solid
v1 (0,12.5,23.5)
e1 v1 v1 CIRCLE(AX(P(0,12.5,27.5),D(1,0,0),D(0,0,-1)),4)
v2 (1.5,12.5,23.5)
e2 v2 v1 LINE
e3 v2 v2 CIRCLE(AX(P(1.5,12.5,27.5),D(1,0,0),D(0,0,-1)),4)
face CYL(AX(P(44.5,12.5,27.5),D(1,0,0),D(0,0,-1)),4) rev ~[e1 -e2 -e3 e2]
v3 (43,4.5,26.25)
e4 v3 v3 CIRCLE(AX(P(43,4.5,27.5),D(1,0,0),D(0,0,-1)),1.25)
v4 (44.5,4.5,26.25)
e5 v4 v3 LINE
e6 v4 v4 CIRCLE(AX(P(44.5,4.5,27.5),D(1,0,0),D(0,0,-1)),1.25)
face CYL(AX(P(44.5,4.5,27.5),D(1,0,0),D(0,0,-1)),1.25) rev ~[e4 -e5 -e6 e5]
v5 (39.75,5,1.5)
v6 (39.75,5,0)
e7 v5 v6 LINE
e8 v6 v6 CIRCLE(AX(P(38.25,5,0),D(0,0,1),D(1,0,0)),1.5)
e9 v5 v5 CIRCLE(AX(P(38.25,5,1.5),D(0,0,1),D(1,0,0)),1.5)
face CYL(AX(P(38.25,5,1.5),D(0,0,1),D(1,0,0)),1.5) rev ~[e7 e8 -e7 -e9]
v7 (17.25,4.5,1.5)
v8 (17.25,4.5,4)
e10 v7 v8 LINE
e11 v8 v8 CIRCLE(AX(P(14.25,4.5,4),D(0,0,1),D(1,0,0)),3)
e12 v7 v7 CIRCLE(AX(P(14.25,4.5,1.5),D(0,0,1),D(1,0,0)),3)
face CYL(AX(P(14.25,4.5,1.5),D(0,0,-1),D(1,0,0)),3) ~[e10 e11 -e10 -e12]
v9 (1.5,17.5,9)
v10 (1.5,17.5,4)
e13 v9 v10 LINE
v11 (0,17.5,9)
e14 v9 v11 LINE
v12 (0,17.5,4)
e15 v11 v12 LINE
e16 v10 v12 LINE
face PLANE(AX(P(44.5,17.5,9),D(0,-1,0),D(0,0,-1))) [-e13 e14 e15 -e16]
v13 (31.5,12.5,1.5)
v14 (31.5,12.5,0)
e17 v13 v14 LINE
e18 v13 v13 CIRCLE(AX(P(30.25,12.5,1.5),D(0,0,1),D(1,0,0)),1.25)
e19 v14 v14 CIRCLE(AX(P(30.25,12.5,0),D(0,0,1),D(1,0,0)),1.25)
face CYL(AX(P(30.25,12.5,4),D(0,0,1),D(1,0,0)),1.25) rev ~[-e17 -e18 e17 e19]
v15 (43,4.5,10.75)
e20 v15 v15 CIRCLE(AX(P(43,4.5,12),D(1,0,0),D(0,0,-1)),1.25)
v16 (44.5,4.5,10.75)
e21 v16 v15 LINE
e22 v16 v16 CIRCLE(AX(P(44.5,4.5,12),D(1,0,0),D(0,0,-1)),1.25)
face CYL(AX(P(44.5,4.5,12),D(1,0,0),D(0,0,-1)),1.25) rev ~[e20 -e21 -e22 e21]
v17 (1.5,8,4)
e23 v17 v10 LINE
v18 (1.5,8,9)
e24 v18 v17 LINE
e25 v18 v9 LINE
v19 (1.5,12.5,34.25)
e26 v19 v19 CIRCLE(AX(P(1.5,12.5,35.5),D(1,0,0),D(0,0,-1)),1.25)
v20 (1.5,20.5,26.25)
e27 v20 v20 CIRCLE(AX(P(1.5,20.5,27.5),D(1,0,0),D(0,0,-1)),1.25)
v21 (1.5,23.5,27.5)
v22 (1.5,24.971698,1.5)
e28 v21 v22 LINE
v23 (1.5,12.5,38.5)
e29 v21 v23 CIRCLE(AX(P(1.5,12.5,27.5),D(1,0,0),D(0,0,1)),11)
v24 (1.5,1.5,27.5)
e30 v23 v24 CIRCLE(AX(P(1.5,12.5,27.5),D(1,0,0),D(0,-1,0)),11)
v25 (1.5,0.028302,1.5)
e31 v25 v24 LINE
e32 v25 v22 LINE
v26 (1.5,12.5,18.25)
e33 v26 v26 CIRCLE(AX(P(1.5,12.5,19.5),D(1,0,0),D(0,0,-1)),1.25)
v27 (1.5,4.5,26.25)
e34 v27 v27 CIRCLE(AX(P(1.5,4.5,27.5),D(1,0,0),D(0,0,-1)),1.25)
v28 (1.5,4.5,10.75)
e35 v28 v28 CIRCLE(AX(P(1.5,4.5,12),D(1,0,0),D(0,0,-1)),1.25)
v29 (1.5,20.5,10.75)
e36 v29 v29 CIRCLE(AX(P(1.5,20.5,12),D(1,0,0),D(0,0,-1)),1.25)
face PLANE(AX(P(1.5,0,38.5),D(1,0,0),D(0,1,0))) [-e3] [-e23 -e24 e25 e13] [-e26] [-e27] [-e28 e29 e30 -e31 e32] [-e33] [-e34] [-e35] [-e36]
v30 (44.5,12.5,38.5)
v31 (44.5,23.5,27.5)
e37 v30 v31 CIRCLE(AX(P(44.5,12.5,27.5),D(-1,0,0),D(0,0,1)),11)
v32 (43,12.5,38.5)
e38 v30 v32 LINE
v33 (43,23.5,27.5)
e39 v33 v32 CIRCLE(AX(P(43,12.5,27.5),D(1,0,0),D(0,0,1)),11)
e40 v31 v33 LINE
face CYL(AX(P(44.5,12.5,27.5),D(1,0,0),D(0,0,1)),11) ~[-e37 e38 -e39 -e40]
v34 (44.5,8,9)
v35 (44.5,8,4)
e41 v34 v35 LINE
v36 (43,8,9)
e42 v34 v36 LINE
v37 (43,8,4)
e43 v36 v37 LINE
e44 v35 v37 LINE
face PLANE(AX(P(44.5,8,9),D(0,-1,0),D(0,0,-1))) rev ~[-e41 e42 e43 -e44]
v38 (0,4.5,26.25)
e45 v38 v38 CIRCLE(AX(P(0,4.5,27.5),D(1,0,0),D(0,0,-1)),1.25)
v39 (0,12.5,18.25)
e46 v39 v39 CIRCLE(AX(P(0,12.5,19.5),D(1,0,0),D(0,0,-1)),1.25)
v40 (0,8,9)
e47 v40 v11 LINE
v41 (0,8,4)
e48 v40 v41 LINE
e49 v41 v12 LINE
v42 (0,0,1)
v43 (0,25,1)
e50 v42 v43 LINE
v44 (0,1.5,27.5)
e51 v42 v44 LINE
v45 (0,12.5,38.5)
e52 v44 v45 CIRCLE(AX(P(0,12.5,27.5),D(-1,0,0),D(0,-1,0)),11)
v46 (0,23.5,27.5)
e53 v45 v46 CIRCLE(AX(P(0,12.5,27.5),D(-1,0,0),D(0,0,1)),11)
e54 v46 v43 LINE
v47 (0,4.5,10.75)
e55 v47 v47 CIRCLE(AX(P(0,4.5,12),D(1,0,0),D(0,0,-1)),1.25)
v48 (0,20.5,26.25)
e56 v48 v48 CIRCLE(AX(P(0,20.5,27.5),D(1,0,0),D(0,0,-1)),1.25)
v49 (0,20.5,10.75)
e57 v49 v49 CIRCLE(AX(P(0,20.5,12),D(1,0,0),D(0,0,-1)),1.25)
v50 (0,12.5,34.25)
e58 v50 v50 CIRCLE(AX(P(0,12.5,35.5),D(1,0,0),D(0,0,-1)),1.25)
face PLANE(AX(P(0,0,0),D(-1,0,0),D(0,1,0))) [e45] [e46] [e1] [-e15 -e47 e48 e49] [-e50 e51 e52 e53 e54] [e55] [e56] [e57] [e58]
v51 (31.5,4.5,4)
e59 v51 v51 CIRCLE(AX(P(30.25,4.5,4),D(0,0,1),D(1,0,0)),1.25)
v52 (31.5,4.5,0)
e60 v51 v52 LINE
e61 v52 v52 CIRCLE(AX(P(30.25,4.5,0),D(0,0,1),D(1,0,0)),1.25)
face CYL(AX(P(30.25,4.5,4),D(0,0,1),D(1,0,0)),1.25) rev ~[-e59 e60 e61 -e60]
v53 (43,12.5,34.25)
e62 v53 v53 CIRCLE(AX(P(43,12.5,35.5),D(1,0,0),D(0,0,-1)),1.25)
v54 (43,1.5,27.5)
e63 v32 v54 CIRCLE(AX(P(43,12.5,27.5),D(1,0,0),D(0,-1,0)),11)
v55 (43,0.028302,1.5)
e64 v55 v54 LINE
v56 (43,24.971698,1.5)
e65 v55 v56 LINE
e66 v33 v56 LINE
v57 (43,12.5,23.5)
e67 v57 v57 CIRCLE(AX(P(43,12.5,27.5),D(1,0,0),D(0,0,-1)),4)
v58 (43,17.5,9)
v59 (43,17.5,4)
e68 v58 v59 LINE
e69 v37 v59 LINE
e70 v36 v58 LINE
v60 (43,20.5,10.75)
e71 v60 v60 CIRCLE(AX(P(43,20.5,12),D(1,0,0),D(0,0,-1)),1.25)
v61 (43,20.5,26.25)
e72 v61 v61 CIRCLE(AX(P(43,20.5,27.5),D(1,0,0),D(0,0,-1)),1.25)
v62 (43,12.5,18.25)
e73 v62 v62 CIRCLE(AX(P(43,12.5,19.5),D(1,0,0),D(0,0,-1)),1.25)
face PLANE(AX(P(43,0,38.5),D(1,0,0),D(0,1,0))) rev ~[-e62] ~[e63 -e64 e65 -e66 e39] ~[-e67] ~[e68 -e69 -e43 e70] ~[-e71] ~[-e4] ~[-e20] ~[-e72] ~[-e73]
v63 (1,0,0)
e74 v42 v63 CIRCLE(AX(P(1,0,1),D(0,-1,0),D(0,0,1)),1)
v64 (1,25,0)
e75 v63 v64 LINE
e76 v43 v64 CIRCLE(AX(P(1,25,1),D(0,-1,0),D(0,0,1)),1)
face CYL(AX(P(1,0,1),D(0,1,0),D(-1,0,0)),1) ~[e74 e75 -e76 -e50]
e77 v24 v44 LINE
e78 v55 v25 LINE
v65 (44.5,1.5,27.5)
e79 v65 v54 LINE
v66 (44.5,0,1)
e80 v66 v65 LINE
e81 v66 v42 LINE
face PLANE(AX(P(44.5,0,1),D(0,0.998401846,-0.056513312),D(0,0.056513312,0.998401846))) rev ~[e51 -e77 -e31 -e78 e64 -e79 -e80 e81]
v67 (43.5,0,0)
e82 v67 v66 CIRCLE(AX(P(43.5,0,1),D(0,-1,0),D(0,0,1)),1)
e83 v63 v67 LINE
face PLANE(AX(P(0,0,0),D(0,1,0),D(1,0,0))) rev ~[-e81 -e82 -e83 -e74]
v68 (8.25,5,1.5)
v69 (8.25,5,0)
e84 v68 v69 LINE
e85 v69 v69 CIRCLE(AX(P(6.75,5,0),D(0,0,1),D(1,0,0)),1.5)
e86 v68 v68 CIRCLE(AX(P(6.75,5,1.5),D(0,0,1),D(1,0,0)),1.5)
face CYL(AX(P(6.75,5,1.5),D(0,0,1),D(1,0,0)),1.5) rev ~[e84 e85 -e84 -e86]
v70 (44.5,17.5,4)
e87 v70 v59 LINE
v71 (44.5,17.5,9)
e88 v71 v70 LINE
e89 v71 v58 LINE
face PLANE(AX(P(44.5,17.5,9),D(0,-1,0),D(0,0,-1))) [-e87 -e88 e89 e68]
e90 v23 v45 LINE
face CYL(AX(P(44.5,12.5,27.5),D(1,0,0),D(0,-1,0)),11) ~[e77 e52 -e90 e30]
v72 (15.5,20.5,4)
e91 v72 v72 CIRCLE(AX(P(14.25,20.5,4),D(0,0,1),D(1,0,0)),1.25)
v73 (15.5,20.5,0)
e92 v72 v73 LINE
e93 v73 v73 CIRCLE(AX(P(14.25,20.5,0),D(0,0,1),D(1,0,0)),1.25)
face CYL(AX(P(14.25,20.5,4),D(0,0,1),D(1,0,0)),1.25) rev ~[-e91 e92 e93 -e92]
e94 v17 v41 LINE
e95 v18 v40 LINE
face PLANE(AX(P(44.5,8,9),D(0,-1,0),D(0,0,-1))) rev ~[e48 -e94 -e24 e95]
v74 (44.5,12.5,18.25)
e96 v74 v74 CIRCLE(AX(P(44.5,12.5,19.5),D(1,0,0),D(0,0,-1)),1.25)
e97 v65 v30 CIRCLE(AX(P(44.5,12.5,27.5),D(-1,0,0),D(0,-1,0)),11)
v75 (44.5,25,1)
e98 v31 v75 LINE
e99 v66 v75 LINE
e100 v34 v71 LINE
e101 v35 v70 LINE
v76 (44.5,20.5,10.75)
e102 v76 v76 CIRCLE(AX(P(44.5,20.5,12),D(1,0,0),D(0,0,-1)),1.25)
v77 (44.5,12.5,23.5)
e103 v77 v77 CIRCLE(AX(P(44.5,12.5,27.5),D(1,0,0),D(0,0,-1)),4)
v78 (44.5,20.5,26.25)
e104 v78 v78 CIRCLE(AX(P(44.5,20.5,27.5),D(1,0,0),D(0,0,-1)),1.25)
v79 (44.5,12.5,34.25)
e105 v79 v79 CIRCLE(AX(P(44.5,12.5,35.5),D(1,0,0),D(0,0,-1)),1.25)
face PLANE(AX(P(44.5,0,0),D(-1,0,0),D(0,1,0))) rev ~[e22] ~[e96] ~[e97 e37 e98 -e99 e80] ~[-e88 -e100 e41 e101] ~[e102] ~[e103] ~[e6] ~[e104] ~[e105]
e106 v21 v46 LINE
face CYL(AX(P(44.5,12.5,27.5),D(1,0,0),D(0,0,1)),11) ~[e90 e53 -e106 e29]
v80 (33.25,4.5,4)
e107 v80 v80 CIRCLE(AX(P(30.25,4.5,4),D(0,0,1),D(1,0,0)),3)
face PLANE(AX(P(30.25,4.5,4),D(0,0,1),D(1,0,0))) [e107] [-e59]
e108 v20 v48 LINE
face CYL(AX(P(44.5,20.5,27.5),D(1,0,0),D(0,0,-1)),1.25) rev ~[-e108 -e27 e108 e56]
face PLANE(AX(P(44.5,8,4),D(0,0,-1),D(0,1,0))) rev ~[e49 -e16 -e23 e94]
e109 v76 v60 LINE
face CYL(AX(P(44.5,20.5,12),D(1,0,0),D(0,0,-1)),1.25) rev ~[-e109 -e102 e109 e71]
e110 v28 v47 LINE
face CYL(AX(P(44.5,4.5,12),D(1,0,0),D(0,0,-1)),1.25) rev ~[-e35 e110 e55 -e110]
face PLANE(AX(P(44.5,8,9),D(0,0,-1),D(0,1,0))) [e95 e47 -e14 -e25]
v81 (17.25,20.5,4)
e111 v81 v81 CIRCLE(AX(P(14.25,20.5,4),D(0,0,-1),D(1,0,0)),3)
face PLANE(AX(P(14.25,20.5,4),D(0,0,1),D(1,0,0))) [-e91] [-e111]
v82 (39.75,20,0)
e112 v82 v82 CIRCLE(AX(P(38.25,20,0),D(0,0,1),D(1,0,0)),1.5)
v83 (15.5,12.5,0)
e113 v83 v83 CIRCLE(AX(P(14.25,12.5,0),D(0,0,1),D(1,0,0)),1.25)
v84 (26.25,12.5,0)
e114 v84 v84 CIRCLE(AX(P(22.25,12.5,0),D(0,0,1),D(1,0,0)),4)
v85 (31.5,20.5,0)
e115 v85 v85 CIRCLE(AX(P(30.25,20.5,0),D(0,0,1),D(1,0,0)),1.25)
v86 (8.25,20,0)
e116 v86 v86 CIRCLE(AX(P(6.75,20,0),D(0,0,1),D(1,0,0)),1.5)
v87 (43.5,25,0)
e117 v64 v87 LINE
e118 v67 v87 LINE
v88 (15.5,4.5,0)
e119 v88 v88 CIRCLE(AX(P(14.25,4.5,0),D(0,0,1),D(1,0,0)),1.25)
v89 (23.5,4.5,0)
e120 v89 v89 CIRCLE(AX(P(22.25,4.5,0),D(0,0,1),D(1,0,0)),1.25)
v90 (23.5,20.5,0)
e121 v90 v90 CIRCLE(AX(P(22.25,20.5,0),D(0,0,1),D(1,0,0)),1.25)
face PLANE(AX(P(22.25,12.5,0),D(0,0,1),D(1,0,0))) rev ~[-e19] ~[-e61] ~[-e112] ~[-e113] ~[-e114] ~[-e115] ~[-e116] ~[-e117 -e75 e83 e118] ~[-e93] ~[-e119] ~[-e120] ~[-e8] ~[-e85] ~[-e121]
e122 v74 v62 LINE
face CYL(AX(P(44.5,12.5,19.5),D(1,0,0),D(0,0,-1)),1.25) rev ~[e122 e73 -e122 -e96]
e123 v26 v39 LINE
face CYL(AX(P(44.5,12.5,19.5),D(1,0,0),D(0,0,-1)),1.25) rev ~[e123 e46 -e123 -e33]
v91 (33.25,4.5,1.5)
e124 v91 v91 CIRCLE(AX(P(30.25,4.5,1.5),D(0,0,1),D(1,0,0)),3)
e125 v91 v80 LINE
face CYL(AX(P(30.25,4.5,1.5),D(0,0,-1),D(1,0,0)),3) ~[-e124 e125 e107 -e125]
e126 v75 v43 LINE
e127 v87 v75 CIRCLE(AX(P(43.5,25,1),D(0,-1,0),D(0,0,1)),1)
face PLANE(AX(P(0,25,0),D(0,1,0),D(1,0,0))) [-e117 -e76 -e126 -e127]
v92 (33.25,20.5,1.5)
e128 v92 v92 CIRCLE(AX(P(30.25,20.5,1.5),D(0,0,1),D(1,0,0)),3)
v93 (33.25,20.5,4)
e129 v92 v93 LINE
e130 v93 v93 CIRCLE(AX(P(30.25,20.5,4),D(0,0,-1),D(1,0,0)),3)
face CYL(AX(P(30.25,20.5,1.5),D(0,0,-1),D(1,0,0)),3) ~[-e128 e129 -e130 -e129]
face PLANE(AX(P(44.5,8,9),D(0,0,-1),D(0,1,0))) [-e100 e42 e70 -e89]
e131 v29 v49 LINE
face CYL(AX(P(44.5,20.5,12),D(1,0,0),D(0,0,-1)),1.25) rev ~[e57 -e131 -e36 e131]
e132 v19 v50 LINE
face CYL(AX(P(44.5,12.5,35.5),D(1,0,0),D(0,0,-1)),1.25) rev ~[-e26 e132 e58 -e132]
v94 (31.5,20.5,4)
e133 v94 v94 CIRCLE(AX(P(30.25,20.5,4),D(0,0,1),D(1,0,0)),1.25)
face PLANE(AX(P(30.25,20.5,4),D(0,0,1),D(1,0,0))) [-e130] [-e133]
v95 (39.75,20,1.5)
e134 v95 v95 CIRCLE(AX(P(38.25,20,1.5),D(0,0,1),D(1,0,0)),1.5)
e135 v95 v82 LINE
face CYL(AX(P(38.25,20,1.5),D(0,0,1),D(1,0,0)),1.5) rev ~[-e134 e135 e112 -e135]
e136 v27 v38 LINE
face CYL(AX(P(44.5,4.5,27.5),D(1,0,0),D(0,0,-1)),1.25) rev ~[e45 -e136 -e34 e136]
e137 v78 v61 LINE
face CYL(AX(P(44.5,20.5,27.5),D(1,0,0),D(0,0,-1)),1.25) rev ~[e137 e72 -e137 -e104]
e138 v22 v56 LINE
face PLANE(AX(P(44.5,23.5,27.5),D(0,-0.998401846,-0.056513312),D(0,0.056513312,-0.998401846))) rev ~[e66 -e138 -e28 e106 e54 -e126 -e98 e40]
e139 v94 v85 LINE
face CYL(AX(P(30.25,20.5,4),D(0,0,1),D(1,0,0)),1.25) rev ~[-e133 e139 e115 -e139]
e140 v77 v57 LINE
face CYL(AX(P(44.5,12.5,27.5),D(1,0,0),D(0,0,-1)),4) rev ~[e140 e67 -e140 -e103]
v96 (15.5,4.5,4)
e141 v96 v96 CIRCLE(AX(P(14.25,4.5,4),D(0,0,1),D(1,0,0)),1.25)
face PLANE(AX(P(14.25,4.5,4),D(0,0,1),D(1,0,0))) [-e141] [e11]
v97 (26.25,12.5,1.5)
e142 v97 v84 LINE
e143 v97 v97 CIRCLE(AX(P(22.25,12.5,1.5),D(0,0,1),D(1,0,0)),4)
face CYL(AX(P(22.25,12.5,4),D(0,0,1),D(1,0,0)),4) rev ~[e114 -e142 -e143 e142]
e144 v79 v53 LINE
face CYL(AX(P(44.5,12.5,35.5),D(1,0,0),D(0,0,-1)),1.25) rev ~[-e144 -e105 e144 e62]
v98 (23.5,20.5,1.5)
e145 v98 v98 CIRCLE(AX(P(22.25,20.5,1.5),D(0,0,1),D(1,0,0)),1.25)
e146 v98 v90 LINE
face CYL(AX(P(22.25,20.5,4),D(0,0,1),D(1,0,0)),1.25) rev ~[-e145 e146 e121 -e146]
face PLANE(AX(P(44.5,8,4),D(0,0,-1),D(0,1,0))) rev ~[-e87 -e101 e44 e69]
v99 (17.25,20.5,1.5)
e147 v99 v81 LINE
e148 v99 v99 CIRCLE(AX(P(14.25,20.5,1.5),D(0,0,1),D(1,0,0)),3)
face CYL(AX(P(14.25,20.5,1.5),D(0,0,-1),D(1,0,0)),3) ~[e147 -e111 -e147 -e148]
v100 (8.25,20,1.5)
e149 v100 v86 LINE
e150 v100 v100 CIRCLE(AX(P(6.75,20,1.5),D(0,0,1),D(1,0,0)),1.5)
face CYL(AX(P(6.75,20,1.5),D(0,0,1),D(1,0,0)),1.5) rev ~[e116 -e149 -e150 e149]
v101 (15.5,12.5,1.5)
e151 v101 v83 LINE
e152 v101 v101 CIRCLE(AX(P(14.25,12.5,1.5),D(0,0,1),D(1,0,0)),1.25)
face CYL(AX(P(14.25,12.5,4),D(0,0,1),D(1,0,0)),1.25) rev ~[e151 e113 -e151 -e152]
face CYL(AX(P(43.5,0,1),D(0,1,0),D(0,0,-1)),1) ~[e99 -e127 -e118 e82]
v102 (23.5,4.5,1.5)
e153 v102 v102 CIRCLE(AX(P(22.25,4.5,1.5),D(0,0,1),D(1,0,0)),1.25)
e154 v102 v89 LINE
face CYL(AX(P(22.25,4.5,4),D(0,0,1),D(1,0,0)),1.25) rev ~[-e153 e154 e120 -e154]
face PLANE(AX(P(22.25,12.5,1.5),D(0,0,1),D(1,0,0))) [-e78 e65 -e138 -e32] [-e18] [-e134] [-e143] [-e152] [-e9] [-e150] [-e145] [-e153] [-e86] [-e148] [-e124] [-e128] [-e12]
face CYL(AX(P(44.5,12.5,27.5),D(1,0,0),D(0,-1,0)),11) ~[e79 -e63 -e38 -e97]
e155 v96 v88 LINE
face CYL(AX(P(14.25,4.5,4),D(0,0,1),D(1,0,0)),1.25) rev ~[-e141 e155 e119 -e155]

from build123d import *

# Parameters (mm, degrees)
SKETCH1_W           = 44.5
SKETCH1_H           = 25
BOSS_EXTRUDE1_DEPTH = 38.5
SKETCH2_W           = 41.5
SKETCH2_H           = 25
CUT_EXTRUDE1_DEPTH  = 37
FILLET1_R           = 1
SKETCH3_R           = 3
BOSS_EXTRUDE2_DEPTH = 2.5
SKETCH4_R           = 1.5
CUT_EXTRUDE2_DEPTH  = 1.5
SKETCH5_R           = 1.25
SKETCH5_R_2         = 4
CUT_EXTRUDE5_DEPTH  = 4
SKETCH6_W           = 5
SKETCH6_H           = 9.5
CUT_EXTRUDE6_DEPTH  = 44.5
SKETCH7_R           = 4
CUT_EXTRUDE7_DEPTH  = 44.5
SKETCH8_R           = 1.25
CUT_EXTRUDE8_DEPTH  = 44.5


with BuildPart() as part:
    # Sketch1 → Boss-Extrude1 (new body)
    with BuildSketch(Plane.XY):
        with Locations((22.25, 12.5)):
            Rectangle(SKETCH1_W, SKETCH1_H)
    extrude(amount=BOSS_EXTRUDE1_DEPTH)

    # Sketch2 → Cut-Extrude1 (cut)
    with BuildSketch(Plane.XY.offset(38.5)):
        with Locations((22.25, 12.5)):
            Rectangle(SKETCH2_W, SKETCH2_H)
    extrude(amount=-CUT_EXTRUDE1_DEPTH, mode=Mode.SUBTRACT)

    # Fillet1
    fillet1_edges = [part.edges().sort_by_distance(p)[0] for p in [
        (44.5, 12.5, 0),
        (0, 12.5, 0),
    ]]
    fillet(fillet1_edges, radius=FILLET1_R)

    # Sketch3 → Boss-Extrude2 (add)
    with BuildSketch(Plane.XY.offset(1.5)):
        with Locations((14.25, 4.5)):
            Circle(SKETCH3_R)
        with Locations((30.25, 4.5)):
            Circle(SKETCH3_R)
        with Locations((30.25, 20.5)):
            Circle(SKETCH3_R)
        with Locations((14.25, 20.5)):
            Circle(SKETCH3_R)
    extrude(amount=BOSS_EXTRUDE2_DEPTH)

    # Sketch4 → Cut-Extrude2 (cut)
    with BuildSketch(Plane.XY.offset(1.5)):
        with Locations((6.75, 20)):
            Circle(SKETCH4_R)
        with Locations((38.25, 20)):
            Circle(SKETCH4_R)
        with Locations((38.25, 5)):
            Circle(SKETCH4_R)
        with Locations((6.75, 5)):
            Circle(SKETCH4_R)
    extrude(amount=-CUT_EXTRUDE2_DEPTH, mode=Mode.SUBTRACT)

    # Sketch5 → Cut-Extrude5 (cut)
    with BuildSketch(Plane.XY.offset(4)):
        with Locations((22.25, 20.5)):
            Circle(SKETCH5_R)
        with Locations((30.25, 20.5)):
            Circle(SKETCH5_R)
        with Locations((14.25, 20.5)):
            Circle(SKETCH5_R)
        with Locations((22.25, 12.5)):
            Circle(SKETCH5_R_2)
        with Locations((30.25, 12.5)):
            Circle(SKETCH5_R)
        with Locations((22.25, 4.5)):
            Circle(SKETCH5_R)
        with Locations((30.25, 4.5)):
            Circle(SKETCH5_R)
        with Locations((14.25, 12.5)):
            Circle(SKETCH5_R)
        with Locations((14.25, 4.5)):
            Circle(SKETCH5_R)
    extrude(amount=-CUT_EXTRUDE5_DEPTH, mode=Mode.SUBTRACT)

    # Sketch6 → Cut-Extrude6 (cut)
    with BuildSketch(Plane(origin=(44.5, 0, 0), x_dir=(0, 0, -1), z_dir=(1, 0, 0))):
        with Locations((-6.5, 12.75)):
            Rectangle(SKETCH6_W, SKETCH6_H)
    extrude(amount=-CUT_EXTRUDE6_DEPTH, mode=Mode.SUBTRACT)

    # Sketch7 → Cut-Extrude7 (cut)
    with BuildSketch(Plane(origin=(44.5, 0, 0), x_dir=(0, 0, -1), z_dir=(1, 0, 0))):
        with Locations((-27.5, 12.5)):
            Circle(SKETCH7_R)
        with BuildLine():
            ThreePointArc((-38.5, 12.5), (-35.278174593, 20.278174593), (-27.5, 23.5))
            Line((-27.5, 23.5), (-1, 25))
            Line((-1, 25), (-38.5, 25))
            Line((-38.5, 25), (-38.5, 12.5))
        make_face()
        with BuildLine():
            ThreePointArc((-27.5, 1.5), (-35.278174593, 4.721825407), (-38.5, 12.5))
            Line((-38.5, 12.5), (-38.5, 0))
            Line((-38.5, 0), (-1, 0))
            Line((-1, 0), (-27.5, 1.5))
        make_face()
    extrude(amount=-CUT_EXTRUDE7_DEPTH, mode=Mode.SUBTRACT)

    # Sketch8 → Cut-Extrude8 (cut)
    with BuildSketch(Plane(origin=(44.5, 0, 0), x_dir=(0, 0, -1), z_dir=(1, 0, 0))):
        with Locations((-19.5, 12.5)):
            Circle(SKETCH8_R)
        with Locations((-35.5, 12.5)):
            Circle(SKETCH8_R)
        with Locations((-27.5, 4.5)):
            Circle(SKETCH8_R)
        with Locations((-12, 4.5)):
            Circle(SKETCH8_R)
        with Locations((-12, 20.5)):
            Circle(SKETCH8_R)
        with Locations((-27.5, 20.5)):
            Circle(SKETCH8_R)
    extrude(amount=-CUT_EXTRUDE8_DEPTH, mode=Mode.SUBTRACT)


solid = part.part
